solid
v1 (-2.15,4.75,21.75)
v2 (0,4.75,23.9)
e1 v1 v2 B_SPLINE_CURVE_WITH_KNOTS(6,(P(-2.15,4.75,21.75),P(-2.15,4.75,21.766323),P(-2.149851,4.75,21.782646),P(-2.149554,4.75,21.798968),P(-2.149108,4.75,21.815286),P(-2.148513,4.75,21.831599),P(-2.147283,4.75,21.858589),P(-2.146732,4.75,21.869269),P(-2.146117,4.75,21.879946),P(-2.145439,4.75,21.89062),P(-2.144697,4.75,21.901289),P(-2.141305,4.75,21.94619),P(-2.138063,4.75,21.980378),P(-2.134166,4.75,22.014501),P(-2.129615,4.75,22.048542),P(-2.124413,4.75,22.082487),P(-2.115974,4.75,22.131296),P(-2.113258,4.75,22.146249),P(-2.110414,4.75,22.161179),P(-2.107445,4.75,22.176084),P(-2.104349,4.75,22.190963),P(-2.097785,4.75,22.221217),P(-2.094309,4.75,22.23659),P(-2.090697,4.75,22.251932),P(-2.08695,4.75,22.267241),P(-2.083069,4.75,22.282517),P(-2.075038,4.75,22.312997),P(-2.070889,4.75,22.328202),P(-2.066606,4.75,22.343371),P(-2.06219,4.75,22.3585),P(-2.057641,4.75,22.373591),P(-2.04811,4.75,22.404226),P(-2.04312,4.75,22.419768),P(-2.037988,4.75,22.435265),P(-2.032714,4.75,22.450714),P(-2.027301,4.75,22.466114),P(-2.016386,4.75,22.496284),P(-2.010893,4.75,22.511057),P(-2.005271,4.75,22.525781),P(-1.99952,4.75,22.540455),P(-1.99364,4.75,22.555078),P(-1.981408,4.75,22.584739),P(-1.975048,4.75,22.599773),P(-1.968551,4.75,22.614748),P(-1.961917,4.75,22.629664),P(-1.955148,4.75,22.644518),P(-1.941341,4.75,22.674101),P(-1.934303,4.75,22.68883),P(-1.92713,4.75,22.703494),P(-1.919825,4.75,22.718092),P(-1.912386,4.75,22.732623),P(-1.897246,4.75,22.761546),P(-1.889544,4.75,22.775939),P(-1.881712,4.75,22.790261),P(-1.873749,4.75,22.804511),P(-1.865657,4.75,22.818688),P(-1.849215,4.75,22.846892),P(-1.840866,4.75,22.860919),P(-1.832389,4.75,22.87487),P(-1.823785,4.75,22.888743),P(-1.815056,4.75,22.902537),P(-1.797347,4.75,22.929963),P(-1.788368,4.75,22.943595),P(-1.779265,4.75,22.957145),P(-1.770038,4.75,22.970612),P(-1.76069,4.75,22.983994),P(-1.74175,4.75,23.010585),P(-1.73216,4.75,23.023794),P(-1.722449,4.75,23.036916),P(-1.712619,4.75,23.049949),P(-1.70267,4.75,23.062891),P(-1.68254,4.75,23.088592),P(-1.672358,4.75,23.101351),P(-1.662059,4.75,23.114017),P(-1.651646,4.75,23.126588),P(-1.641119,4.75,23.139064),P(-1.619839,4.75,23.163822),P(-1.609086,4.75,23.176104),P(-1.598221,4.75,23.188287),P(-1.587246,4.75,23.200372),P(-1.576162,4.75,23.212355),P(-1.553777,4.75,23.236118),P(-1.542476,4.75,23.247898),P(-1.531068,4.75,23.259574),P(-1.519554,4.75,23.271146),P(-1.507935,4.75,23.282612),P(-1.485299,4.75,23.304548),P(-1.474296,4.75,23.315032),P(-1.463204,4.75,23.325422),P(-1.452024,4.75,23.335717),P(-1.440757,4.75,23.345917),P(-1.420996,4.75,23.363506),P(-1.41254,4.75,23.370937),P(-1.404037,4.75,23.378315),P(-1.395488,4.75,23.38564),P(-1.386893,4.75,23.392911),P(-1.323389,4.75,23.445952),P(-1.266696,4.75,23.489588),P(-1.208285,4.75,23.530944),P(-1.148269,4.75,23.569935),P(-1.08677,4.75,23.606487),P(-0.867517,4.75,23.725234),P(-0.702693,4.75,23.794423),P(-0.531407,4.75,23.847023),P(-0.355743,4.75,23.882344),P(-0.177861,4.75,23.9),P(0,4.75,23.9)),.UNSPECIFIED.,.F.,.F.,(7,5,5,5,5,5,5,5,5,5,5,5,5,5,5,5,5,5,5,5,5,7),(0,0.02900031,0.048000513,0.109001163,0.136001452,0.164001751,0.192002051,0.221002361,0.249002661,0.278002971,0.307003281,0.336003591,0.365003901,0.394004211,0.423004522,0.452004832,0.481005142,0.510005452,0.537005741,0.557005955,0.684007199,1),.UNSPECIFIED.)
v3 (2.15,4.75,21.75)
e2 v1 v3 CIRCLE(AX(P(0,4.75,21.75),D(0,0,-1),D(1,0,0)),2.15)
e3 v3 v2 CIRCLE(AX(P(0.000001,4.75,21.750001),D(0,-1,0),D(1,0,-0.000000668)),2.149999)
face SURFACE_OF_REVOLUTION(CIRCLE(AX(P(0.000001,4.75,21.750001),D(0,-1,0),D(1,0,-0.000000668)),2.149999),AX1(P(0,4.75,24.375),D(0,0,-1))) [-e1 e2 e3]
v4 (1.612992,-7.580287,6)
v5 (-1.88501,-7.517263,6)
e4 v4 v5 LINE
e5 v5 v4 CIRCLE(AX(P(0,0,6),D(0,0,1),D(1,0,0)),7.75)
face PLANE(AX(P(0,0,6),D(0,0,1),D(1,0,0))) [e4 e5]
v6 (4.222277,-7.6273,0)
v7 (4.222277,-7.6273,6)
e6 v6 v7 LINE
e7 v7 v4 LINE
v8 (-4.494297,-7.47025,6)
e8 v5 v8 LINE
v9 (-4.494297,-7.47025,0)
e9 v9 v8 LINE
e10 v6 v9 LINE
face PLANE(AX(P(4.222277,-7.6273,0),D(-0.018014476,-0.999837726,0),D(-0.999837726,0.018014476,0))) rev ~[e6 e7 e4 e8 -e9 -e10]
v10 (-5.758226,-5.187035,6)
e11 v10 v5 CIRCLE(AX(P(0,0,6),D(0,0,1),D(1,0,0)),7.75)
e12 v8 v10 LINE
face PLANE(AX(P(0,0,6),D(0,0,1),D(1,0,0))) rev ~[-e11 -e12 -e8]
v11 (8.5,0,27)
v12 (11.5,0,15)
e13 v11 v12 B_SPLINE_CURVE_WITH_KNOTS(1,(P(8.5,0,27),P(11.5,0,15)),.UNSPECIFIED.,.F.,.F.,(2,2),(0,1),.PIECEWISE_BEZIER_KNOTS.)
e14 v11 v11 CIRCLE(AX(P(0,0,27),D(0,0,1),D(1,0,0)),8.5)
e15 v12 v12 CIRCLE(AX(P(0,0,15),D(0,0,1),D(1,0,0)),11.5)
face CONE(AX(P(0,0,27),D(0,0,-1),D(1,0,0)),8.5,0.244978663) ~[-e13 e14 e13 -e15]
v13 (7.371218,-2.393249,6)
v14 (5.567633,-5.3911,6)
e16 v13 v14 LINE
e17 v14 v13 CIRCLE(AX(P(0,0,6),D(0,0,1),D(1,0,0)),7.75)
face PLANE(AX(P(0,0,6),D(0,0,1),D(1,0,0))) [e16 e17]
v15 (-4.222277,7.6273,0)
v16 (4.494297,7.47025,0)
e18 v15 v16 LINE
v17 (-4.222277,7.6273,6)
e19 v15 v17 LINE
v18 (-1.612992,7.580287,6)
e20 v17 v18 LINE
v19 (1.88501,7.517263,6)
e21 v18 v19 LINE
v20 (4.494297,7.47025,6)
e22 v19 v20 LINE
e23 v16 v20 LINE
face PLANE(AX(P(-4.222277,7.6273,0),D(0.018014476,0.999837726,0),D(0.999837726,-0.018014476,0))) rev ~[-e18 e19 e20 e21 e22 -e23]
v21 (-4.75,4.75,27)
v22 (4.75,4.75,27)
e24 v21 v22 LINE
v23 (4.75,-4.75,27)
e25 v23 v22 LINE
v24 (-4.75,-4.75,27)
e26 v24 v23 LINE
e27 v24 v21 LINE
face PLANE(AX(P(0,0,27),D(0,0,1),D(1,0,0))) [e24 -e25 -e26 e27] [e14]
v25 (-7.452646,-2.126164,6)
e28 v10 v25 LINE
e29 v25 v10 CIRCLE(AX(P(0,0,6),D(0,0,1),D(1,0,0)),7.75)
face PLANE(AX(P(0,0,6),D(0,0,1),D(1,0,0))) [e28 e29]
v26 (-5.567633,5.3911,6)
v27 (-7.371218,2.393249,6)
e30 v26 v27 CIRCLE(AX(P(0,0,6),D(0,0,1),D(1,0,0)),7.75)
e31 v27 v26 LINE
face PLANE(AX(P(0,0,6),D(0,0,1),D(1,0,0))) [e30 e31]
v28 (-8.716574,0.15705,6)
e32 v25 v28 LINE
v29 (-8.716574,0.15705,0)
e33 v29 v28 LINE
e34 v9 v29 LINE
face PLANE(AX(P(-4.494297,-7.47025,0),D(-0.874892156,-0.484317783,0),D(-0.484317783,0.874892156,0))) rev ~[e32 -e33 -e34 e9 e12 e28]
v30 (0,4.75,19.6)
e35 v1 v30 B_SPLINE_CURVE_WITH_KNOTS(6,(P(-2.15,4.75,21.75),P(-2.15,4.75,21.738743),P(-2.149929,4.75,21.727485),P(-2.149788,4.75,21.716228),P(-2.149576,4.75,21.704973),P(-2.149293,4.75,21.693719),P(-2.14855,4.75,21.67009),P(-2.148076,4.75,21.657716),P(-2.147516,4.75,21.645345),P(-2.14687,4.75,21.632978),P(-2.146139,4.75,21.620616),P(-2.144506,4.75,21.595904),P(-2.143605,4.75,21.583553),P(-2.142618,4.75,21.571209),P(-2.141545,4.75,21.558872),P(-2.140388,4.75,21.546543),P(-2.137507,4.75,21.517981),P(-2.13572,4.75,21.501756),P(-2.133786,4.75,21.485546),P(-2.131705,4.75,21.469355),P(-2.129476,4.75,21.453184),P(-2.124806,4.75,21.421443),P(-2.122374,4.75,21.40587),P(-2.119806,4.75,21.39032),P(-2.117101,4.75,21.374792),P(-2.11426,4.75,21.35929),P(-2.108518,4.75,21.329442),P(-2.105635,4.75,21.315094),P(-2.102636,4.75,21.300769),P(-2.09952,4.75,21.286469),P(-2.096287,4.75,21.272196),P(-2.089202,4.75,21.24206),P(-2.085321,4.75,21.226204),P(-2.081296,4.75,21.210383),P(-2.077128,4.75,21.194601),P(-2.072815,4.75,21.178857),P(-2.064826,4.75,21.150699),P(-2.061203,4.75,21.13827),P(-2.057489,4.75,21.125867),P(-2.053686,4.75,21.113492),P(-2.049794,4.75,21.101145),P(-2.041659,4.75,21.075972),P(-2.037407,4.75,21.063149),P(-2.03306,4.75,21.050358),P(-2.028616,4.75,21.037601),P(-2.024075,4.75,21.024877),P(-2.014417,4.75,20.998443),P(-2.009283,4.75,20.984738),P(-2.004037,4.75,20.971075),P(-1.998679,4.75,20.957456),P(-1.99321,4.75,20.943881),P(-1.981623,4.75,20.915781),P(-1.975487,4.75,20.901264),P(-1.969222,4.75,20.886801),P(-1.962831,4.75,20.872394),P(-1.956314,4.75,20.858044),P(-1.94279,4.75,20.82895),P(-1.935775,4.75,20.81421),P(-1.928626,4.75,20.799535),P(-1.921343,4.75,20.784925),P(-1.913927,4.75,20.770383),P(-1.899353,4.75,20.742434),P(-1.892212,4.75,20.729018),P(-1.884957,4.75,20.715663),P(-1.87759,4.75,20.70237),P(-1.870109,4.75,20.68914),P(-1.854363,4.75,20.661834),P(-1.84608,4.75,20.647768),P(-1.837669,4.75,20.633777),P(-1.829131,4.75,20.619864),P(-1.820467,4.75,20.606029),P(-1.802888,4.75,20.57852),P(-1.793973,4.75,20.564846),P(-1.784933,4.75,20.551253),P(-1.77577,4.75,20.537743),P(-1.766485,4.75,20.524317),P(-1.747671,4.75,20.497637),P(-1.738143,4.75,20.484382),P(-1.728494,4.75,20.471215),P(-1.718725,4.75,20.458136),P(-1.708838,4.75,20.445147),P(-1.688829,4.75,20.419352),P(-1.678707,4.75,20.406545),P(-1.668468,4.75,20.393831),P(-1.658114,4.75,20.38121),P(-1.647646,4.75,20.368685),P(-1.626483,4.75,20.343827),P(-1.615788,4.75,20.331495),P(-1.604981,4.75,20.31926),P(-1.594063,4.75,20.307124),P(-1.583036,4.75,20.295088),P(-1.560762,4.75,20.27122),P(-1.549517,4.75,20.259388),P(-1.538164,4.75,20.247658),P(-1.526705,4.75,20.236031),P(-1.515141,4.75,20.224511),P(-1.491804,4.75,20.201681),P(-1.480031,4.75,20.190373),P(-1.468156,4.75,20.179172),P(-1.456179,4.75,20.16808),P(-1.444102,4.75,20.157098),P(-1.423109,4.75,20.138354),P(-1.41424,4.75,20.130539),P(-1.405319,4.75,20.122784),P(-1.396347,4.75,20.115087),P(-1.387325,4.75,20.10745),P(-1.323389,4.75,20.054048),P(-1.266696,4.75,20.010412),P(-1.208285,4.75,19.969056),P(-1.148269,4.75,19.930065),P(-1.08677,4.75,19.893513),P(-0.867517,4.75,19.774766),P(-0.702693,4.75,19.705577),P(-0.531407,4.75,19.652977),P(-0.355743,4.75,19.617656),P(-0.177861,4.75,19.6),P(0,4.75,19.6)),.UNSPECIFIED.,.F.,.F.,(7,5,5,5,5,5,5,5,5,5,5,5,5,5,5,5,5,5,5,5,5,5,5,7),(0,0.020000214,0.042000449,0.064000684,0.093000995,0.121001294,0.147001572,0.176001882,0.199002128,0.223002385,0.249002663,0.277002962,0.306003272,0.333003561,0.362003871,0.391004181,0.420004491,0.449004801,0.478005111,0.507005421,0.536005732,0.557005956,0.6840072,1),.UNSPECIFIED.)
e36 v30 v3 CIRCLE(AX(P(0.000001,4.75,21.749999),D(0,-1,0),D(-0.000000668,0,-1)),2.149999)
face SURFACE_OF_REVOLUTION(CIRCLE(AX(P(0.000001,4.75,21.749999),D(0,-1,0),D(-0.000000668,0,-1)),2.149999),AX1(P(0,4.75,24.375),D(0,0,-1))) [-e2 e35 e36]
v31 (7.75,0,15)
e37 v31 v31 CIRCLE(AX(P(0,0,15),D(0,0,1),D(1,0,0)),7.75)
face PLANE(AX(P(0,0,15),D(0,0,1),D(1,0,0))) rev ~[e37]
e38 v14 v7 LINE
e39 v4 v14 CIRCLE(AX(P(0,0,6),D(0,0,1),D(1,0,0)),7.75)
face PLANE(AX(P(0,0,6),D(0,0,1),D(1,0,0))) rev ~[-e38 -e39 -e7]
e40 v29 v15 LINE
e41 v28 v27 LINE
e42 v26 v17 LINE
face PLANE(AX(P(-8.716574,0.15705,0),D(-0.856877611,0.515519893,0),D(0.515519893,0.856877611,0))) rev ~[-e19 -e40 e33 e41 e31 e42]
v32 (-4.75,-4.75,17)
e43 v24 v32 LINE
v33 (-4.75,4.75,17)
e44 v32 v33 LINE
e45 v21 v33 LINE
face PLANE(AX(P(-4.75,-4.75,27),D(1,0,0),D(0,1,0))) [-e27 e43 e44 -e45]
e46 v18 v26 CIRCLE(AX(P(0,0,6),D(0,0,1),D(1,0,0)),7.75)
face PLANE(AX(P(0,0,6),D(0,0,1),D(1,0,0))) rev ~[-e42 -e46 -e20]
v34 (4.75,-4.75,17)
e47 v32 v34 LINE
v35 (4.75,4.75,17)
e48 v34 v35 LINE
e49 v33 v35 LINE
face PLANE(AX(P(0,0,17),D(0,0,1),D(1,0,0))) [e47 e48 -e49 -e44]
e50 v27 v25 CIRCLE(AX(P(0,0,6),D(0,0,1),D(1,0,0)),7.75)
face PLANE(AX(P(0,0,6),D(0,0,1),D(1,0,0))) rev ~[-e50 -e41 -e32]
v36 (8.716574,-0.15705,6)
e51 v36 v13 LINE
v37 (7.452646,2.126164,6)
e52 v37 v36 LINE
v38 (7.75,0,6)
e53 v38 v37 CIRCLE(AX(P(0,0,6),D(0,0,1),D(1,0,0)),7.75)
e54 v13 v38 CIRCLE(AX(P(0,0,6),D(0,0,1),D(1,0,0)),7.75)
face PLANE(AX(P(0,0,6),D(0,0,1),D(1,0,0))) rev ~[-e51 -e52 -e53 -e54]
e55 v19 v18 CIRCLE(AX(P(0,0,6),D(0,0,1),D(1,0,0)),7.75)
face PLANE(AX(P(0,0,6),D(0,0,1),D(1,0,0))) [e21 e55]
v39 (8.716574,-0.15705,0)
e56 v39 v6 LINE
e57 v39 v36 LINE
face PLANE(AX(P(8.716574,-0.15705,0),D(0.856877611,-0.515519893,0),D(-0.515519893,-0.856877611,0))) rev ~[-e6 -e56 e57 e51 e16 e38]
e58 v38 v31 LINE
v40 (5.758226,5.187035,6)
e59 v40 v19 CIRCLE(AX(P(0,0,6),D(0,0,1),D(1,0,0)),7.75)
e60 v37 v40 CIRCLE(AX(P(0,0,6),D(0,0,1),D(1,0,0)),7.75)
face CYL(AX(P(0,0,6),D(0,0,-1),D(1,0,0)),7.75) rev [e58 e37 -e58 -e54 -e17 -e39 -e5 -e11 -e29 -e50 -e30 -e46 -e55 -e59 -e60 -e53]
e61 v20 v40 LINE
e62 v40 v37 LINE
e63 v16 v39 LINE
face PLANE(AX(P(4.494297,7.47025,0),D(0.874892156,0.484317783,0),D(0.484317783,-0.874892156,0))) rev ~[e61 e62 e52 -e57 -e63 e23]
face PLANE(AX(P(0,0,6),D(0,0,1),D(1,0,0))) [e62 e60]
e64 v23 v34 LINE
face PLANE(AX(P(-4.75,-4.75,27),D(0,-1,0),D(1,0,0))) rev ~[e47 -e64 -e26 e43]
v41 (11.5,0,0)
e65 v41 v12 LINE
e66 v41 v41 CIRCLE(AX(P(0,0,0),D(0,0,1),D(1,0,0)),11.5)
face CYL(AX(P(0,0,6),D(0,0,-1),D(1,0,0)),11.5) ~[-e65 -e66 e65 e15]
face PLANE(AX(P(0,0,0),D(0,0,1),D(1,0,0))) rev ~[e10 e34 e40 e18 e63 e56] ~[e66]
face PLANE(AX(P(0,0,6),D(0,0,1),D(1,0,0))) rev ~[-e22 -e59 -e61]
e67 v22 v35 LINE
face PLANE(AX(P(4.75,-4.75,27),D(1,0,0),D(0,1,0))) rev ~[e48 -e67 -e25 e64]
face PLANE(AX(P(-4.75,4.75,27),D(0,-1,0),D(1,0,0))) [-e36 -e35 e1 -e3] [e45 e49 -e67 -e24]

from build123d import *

# Parameters (mm, degrees)
F0_R      = 11.5
F1_DEPTH  = 6
F3_R      = 11.5
F3_R_2    = 7.75
F4_DEPTH  = 9
F6_R      = 8.5
F7_R      = 11.5
F9_W      = 9.5
F9_H      = 9.5
F10_DEPTH = 10


with BuildPart() as f1:
    # F0 (on Top) → F1 (new body)
    with BuildSketch(Plane.XY):
        Circle(F0_R)
        Polygon((4.494297, 7.47025), (8.716574, -0.15705), (4.222277, -7.6273), (-4.494297, -7.47025), (-8.716574, 0.15705), (-4.222277, 7.6273), align=None, mode=Mode.SUBTRACT)
    extrude(amount=F1_DEPTH)

    # F3 (on offset) → F4 (join)
    with BuildSketch(Plane.XY.offset(6)):
        Circle(F3_R)
        Circle(F3_R_2, mode=Mode.SUBTRACT)
    extrude(amount=F4_DEPTH)

    # F6 (on offset) → F8 section 0
    with BuildSketch(Plane.XY.offset(27)):
        Circle(F6_R)
    # F7 (on face) → F8 section 1
    with BuildSketch(Plane.XY.offset(15)):
        Circle(F7_R)
    loft()

    # F9 (on face) → F10 (cut)
    with BuildSketch(Plane.XY.offset(27)):
        Rectangle(F9_W, F9_H)
    extrude(amount=-F10_DEPTH, mode=Mode.SUBTRACT)

    # F11 (on face) → F12 (revolve, cut)
    with BuildSketch(Plane.XZ.offset(-4.75)):
        with BuildLine():
            ThreePointArc((2.15, 21.75), (1.52028, 23.27028), (0, 23.9))
            Line((0, 23.9), (0, 21.75))
            Line((0, 21.75), (0, 19.6))
            ThreePointArc((0, 19.6), (1.52028, 20.22972), (2.15, 21.75))
        make_face()
    revolve(axis=Axis((0, 4.75, 24.375), (0, 0, -1)), mode=Mode.SUBTRACT)


solid = f1.part
